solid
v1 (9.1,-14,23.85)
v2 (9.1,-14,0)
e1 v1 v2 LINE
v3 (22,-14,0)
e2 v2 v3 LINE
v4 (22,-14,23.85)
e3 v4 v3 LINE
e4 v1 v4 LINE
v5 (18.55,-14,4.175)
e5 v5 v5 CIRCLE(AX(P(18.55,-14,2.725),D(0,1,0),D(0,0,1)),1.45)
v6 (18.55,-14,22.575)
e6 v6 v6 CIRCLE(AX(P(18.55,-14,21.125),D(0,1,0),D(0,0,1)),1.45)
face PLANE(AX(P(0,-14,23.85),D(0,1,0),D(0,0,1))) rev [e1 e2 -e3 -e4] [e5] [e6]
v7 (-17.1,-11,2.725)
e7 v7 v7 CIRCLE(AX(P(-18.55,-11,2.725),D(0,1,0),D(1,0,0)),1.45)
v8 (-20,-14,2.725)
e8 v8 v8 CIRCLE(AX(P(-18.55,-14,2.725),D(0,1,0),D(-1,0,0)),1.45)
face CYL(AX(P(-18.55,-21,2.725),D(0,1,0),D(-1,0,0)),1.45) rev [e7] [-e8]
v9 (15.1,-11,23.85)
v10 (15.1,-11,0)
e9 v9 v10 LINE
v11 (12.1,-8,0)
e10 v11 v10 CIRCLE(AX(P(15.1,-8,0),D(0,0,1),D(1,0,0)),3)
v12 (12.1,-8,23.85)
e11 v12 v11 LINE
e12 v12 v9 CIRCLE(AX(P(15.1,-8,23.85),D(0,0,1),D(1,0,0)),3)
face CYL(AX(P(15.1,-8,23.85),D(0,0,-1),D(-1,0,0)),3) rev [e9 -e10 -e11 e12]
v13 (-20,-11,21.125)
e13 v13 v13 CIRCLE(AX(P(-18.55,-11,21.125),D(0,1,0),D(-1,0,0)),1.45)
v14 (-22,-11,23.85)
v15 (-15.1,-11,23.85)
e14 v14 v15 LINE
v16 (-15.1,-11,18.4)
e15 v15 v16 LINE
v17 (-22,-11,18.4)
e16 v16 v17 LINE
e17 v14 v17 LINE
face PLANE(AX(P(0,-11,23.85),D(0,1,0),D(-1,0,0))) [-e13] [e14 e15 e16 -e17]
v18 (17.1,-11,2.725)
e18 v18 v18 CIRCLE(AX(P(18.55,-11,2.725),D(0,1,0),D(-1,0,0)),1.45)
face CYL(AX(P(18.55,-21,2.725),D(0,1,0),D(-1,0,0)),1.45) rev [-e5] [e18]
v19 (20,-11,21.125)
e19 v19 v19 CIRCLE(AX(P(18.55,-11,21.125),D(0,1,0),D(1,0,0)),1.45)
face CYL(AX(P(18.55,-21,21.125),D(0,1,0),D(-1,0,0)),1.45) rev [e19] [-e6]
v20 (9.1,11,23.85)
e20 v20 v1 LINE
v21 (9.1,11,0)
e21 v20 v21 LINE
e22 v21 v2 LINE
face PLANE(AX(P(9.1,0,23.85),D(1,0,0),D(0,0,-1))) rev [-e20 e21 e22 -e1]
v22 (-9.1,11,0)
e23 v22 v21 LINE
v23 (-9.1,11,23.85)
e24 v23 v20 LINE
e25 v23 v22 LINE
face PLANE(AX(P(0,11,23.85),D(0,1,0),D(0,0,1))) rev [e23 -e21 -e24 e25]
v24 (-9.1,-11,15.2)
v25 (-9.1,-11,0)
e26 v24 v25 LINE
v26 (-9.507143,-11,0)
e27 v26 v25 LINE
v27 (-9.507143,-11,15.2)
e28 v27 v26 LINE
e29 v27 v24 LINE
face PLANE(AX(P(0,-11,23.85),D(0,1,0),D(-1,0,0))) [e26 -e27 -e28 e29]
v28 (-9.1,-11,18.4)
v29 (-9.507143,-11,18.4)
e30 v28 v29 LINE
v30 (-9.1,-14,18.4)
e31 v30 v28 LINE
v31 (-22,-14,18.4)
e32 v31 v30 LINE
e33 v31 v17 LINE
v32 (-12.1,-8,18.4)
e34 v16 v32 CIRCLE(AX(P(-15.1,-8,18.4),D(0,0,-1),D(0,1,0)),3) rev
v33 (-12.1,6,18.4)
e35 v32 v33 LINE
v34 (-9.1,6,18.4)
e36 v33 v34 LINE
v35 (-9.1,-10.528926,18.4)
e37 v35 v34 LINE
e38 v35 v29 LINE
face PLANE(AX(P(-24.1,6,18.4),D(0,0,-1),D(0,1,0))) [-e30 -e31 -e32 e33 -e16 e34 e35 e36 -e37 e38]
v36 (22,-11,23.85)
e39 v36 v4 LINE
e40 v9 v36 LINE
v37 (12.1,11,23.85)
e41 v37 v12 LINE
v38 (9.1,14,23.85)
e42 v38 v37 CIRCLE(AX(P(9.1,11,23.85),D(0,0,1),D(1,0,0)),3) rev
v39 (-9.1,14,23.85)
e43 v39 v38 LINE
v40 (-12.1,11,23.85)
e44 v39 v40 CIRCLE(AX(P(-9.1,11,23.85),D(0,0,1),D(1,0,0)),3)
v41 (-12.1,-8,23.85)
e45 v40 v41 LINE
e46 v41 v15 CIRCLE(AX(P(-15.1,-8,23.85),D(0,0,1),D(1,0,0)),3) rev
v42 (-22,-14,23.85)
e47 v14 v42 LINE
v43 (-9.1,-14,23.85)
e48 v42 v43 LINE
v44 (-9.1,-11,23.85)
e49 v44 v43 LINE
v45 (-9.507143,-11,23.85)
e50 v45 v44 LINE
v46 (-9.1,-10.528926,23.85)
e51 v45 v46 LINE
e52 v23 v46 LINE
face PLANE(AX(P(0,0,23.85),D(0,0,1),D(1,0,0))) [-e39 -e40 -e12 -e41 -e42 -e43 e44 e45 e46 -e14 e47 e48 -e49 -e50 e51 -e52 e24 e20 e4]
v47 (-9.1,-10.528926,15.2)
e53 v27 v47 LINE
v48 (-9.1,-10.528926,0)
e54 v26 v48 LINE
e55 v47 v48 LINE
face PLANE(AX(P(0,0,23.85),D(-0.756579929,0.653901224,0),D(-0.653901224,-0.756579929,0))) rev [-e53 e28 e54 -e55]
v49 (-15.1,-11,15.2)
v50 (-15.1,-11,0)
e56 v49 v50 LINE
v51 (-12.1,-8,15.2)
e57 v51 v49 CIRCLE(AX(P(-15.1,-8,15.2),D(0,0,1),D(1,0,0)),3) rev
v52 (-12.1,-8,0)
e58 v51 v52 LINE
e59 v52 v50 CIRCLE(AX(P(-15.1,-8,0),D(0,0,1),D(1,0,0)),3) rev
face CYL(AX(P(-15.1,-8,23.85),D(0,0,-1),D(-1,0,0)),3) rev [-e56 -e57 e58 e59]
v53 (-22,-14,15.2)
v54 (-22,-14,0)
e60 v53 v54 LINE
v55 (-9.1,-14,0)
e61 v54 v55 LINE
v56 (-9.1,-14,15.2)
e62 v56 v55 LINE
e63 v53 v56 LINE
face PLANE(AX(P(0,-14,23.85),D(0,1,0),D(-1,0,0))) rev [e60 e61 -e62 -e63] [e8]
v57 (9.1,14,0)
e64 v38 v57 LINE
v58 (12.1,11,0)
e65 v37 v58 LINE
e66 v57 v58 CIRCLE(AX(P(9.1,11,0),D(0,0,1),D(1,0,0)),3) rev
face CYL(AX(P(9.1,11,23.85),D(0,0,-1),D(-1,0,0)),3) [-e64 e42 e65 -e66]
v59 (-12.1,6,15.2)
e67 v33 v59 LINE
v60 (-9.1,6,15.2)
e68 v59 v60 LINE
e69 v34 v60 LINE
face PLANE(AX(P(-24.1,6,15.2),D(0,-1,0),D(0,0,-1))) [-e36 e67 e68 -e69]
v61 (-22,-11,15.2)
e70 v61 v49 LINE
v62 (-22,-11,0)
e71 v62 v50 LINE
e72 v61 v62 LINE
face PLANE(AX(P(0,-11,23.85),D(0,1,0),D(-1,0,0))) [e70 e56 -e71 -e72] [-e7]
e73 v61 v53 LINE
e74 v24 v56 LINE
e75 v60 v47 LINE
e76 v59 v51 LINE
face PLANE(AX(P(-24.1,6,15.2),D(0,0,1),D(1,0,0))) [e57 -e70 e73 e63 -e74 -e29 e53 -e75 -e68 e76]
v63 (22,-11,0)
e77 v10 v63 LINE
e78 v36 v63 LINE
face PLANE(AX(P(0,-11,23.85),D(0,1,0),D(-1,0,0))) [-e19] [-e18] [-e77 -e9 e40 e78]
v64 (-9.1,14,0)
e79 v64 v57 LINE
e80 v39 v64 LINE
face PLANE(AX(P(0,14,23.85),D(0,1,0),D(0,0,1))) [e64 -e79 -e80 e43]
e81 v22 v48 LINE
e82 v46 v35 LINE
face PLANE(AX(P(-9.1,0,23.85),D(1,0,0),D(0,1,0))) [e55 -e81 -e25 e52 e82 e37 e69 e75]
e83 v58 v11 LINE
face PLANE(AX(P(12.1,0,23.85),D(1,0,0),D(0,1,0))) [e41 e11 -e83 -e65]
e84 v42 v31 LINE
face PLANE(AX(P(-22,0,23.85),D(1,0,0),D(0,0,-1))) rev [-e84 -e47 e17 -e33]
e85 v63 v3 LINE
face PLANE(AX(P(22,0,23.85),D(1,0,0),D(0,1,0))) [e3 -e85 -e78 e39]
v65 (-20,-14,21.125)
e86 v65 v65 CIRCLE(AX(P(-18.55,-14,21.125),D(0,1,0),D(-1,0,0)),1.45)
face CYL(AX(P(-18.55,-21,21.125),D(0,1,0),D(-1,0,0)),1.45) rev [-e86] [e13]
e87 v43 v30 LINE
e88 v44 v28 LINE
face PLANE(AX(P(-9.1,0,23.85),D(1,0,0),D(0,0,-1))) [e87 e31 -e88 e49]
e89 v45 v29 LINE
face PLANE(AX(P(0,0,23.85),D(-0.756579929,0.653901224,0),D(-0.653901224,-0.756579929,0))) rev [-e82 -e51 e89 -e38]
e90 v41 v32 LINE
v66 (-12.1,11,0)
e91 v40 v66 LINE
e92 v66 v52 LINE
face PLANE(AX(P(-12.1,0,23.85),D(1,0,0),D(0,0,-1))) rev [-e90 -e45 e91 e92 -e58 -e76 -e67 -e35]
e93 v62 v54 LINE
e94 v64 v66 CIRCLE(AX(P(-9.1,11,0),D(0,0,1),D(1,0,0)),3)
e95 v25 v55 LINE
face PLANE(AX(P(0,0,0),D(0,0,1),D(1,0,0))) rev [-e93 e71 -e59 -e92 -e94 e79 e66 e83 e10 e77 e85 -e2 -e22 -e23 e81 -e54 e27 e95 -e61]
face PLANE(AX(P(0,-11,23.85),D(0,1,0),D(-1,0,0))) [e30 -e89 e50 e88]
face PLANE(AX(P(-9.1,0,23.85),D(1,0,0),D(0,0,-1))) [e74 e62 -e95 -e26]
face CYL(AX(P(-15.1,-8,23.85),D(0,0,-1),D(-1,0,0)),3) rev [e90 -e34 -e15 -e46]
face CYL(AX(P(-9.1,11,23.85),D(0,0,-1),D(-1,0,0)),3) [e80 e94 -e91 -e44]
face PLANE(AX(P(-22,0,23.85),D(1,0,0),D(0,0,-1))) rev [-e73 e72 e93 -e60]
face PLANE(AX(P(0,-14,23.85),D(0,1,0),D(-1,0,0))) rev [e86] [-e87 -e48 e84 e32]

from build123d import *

# Parameters (mm, degrees)
BOSS_EXTRUDE1_DEPTH     = 23.85
CUT_EXTRUDE2_DEPTH      = 12
CUT_EXTRUDE2_DEPTH_BACK = 10
SKETCH2_W               = 3.2
SKETCH2_H               = 20
SKETCH4_R               = 1.45
CUT_EXTRUDE3_DEPTH      = 10


with BuildPart() as part:
    # Sketch1 → Boss-Extrude1 (new body)
    with BuildSketch(Plane.XY):
        with BuildLine():
            Line((-9.1, -10.52892562), (-9.1, 11))
            Line((-9.1, 11), (9.1, 11))
            Line((9.1, 11), (9.1, -11))
            Line((9.1, -11), (9.1, -14))
            Line((9.1, -14), (12.1, -14))
            Line((12.1, -14), (22, -14))
            Line((22, -14), (22, -11))
            Line((22, -11), (15.1, -11))
            ThreePointArc((15.1, -11), (12.978679656, -10.121320344), (12.1, -8))
            Line((12.1, -8), (12.1, 11))
            ThreePointArc((12.1, 11), (11.221320344, 13.121320344), (9.1, 14))
            Line((9.1, 14), (-9.1, 14))
            ThreePointArc((-9.1, 14), (-11.221320344, 13.121320344), (-12.1, 11))
            Line((-12.1, 11), (-12.1, -8))
            ThreePointArc((-12.1, -8), (-12.978679656, -10.121320344), (-15.1, -11))
            Line((-15.1, -11), (-22, -11))
            Line((-22, -11), (-22, -14))
            Line((-22, -14), (-12.1, -14))
            Line((-12.1, -14), (-9.1, -14))
            Line((-9.1, -14), (-9.1, -11))
            Line((-9.1, -11), (-9.507142857, -11))
            Line((-9.507142857, -11), (-9.1, -10.52892562))
        make_face()
    extrude(amount=BOSS_EXTRUDE1_DEPTH)

    # Sketch2 → Cut-Extrude2 (cut, two sides: drawn at the far end of the back side and taken through both)
    with BuildSketch(Plane.ZY.offset(12.1).offset(-CUT_EXTRUDE2_DEPTH_BACK)):
        with Locations((16.8, -4)):
            Rectangle(SKETCH2_W, SKETCH2_H)
    extrude(amount=CUT_EXTRUDE2_DEPTH + CUT_EXTRUDE2_DEPTH_BACK, mode=Mode.SUBTRACT)

    # Sketch4 → Cut-Extrude3 (cut)
    with BuildSketch(Plane(origin=(0, -11, 0), x_dir=(1, 0, 0), z_dir=(0, 1, 0))):
        with Locations(Location((-18.55, -21.125, 0), (0, 0, 180))):
            Circle(SKETCH4_R)
        with Locations(Location((-18.55, -2.725, 0), (0, 0, 180))):
            Circle(SKETCH4_R)
        with Locations(Location((18.55, -21.125, 0), (0, 0, 270))):
            Circle(SKETCH4_R)
        with Locations(Location((18.55, -2.725, 0), (0, 0, 180))):
            Circle(SKETCH4_R)
    extrude(amount=-CUT_EXTRUDE3_DEPTH, mode=Mode.SUBTRACT)


solid = part.part
